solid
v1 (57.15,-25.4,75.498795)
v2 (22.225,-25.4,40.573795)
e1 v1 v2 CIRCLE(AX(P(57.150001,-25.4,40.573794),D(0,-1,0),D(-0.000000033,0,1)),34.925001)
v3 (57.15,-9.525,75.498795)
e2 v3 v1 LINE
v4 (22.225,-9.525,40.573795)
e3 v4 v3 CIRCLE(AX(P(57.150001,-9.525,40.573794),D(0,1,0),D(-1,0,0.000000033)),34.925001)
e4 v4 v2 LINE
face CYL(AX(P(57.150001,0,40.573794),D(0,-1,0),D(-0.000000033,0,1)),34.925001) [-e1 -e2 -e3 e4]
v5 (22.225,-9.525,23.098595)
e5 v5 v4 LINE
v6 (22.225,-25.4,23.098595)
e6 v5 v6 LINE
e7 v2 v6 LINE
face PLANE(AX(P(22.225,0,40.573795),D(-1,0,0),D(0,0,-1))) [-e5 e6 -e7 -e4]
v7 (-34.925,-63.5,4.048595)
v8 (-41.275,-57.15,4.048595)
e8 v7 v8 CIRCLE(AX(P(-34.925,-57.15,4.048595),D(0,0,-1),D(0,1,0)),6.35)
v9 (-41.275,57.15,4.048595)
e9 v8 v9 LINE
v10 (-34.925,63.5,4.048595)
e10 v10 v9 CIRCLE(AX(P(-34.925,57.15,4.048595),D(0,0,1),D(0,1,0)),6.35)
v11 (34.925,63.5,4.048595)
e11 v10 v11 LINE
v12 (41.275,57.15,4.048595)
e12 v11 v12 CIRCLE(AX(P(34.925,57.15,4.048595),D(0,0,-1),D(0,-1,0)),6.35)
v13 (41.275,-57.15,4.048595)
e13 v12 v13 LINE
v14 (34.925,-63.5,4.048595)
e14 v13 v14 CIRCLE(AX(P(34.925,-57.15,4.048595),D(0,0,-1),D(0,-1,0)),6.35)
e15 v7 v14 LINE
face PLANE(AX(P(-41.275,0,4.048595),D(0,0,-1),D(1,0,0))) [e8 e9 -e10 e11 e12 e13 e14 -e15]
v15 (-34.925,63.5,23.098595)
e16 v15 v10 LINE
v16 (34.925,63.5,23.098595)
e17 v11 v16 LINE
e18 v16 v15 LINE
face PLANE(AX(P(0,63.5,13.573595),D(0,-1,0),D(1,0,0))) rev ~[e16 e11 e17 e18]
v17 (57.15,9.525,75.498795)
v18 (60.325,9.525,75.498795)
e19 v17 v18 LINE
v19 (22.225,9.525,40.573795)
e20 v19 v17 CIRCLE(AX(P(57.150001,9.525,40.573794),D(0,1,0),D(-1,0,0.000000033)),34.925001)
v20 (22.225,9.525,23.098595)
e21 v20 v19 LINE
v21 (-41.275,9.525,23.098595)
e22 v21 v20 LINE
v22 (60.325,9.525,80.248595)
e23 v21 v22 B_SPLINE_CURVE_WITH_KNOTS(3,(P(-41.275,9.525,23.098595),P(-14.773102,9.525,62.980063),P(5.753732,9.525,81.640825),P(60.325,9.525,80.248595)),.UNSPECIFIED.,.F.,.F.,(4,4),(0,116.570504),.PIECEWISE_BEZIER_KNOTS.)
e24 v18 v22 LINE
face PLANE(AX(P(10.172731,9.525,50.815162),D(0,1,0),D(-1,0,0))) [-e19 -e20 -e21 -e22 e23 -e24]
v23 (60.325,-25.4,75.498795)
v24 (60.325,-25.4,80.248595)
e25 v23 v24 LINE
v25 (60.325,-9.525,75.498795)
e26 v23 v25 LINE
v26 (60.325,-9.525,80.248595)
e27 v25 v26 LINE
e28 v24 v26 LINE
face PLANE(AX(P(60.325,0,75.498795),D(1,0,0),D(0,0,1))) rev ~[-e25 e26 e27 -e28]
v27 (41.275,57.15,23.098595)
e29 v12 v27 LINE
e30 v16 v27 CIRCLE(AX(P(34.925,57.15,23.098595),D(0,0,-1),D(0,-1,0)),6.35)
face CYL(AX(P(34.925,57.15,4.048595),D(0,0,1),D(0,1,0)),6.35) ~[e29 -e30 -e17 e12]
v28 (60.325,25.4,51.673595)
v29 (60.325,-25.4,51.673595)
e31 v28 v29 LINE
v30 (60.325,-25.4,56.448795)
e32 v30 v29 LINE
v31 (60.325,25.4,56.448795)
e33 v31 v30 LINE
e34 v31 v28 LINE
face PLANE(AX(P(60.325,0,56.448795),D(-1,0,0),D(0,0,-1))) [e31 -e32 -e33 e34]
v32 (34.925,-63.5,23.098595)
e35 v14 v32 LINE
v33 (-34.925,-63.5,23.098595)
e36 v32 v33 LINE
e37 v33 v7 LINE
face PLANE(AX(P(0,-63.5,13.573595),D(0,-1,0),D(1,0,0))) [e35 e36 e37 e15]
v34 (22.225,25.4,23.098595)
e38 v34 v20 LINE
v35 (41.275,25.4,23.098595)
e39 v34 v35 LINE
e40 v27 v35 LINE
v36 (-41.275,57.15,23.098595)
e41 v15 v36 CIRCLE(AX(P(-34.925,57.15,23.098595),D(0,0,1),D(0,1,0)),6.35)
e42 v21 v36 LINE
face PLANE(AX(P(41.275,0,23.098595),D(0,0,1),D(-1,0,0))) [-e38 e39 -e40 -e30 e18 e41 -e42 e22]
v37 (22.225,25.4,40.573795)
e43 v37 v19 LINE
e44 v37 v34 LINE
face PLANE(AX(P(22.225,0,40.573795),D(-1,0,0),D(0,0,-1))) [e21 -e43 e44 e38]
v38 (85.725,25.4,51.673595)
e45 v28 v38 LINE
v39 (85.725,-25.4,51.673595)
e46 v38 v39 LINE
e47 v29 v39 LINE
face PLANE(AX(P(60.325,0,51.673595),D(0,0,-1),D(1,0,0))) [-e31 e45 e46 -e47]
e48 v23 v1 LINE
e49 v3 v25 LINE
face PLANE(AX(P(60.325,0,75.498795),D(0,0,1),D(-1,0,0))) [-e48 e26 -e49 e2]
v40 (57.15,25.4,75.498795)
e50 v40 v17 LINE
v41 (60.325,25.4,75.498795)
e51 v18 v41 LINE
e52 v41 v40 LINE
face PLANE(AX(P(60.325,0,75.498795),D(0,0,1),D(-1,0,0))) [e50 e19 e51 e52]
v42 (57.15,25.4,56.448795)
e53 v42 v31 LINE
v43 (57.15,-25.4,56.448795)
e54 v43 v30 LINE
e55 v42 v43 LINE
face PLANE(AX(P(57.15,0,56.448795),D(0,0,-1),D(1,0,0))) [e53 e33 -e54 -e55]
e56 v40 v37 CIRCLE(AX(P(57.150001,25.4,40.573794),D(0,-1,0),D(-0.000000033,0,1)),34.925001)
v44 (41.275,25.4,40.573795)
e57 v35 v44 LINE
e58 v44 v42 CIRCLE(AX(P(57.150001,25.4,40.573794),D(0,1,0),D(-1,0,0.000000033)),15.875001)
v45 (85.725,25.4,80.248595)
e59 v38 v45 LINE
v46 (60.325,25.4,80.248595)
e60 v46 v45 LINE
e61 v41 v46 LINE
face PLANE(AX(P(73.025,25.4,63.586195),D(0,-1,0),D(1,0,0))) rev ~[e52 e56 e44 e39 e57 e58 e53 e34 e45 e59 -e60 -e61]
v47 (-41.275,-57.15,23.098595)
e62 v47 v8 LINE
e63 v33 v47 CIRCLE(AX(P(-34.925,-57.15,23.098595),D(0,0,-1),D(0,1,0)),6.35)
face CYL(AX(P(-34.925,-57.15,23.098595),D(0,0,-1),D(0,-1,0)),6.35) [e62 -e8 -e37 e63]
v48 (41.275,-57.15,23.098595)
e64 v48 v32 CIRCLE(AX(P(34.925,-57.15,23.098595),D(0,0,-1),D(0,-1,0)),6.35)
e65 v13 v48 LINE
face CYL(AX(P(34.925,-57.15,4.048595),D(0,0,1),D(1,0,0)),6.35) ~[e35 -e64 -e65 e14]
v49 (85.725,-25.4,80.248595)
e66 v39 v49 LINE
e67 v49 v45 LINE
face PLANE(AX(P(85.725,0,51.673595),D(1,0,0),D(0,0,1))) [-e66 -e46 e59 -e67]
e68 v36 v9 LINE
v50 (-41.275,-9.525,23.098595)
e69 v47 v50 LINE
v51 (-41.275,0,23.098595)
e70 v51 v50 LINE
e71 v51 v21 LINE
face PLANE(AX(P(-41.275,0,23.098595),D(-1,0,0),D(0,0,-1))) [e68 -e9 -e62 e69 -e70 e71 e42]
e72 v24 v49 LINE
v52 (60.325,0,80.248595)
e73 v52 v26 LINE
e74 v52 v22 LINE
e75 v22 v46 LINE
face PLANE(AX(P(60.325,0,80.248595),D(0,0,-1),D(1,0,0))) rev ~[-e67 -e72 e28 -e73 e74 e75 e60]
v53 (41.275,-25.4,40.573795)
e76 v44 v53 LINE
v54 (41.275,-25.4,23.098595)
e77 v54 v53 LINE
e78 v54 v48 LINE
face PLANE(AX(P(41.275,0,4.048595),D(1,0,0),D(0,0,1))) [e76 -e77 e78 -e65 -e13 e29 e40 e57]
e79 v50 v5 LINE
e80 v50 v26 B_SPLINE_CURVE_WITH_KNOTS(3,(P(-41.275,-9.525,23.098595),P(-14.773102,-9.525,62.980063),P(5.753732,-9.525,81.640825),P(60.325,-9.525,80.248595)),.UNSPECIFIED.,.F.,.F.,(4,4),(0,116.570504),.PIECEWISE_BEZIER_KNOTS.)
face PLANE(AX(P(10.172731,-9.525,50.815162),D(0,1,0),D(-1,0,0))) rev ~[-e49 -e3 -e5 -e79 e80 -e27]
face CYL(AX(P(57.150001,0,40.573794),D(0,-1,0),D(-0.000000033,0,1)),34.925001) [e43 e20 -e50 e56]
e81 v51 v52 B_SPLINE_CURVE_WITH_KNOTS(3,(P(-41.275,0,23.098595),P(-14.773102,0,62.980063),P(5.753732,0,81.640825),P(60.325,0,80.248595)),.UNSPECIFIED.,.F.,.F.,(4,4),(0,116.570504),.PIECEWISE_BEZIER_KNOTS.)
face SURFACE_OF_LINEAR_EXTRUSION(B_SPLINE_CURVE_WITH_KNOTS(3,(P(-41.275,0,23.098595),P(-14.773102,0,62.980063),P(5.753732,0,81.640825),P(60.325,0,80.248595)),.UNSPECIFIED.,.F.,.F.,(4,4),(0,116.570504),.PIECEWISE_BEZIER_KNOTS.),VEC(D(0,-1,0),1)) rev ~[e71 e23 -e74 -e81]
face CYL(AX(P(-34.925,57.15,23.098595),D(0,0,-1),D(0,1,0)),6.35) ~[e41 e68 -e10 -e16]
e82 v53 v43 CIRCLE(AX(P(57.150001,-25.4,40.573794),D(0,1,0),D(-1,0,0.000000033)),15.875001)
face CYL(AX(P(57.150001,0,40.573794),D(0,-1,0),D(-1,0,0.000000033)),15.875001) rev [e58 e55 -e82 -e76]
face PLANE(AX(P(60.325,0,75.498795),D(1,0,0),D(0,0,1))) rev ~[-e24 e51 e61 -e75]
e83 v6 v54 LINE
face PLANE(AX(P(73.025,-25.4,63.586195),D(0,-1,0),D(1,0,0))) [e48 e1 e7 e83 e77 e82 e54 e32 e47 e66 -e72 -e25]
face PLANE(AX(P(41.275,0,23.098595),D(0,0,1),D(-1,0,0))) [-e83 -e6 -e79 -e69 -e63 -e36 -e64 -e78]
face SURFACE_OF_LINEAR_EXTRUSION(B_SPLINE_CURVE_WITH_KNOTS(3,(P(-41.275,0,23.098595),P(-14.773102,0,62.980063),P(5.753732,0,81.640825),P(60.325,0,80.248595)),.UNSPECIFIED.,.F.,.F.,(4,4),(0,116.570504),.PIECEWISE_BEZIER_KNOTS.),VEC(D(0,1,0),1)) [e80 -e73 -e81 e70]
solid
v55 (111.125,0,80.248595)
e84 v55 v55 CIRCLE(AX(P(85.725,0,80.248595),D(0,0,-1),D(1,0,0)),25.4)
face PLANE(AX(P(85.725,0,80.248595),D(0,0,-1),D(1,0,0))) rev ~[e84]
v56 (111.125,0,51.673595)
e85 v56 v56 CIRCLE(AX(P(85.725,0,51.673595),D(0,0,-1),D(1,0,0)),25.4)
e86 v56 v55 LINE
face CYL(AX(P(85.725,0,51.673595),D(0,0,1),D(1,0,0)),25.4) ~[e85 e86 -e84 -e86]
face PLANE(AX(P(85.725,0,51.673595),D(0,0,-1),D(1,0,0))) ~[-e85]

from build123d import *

# Parameters (mm, degrees)
F1_DEPTH = 63.5
F0_W     = 25.4
F0_H     = 4.7498
F2_DEPTH = 25.4
F3_DEPTH = 9.525
F5_R     = 6.35


with BuildPart() as f1:
    # F0 (on Front) → F1 (new body, symmetric)
    with BuildSketch(Plane.XZ):
        Polygon((-41.275, 4.048595), (41.275, 4.048595), (41.275, 23.098595), (22.225, 23.098595), (-41.275, 23.098595), align=None)
    extrude(amount=F1_DEPTH, both=True)

    # F0 (on Front) → F2 (join, symmetric)
    with BuildSketch(Plane.XZ):
        Polygon((85.725, 75.498795), (60.325, 75.498795), (60.325, 56.448795), (60.325, 51.673595), (85.725, 51.673595), align=None)
        with BuildLine():
            Line((22.225, 23.098595), (41.275, 23.098595))
            Line((41.275, 23.098595), (41.275, 40.573795))
            ThreePointArc((41.275, 40.573795), (45.92468, 51.799115), (57.15, 56.448795))
            Line((57.15, 56.448795), (60.325, 56.448795))
            Line((60.325, 56.448795), (60.325, 75.498795))
            Line((60.325, 75.498795), (57.15, 75.498795))
            ThreePointArc((57.15, 75.498795), (32.454296, 65.269499), (22.225, 40.573795))
            Line((22.225, 40.573795), (22.225, 23.098595))
        make_face()
        with Locations((73.025, 77.873695)):
            Rectangle(F0_W, F0_H)
    extrude(amount=F2_DEPTH, both=True)

    # F0 (on Front) → F3 (join, symmetric)
    with BuildSketch(Plane.XZ):
        with BuildLine():
            add(Edge.make_bspline(
                [(-41.275, 23.098595), (-14.773102, 62.980063), (5.753732, 81.640825), (60.325, 80.248595)],
                knots=[0, 0, 0, 0, 116.570504, 116.570504, 116.570504, 116.570504], degree=3))
            Line((-41.275, 23.098595), (22.225, 23.098595))
            Line((22.225, 23.098595), (22.225, 40.573795))
            ThreePointArc((22.225, 40.573795), (32.454296, 65.269499), (57.15, 75.498795))
            Line((57.15, 75.498795), (60.325, 75.498795))
            Line((60.325, 75.498795), (60.325, 80.248595))
        make_face()
    extrude(amount=F3_DEPTH, both=True)

    # F5
    f5_edges = [f1.edges().sort_by_distance(p)[0] for p in [
        (41.275, 63.5, 13.573595),
        (-41.275, 63.5, 13.573595),
        (41.275, -63.5, 13.573595),
        (-41.275, -63.5, 13.573595),
    ]]
    fillet(f5_edges, radius=F5_R)


with BuildPart() as f4:
    # F0 (on Front) → F4 (revolve)
    with BuildSketch(Plane.XZ):
        Polygon((111.125, 80.248595), (85.725, 80.248595), (85.725, 75.498795), (85.725, 51.673595), (111.125, 51.673595), align=None)
    revolve(axis=Axis((85.725, 0, 65.961095), (0, 0, -1)))


solid = Compound([f1.part, f4.part])
